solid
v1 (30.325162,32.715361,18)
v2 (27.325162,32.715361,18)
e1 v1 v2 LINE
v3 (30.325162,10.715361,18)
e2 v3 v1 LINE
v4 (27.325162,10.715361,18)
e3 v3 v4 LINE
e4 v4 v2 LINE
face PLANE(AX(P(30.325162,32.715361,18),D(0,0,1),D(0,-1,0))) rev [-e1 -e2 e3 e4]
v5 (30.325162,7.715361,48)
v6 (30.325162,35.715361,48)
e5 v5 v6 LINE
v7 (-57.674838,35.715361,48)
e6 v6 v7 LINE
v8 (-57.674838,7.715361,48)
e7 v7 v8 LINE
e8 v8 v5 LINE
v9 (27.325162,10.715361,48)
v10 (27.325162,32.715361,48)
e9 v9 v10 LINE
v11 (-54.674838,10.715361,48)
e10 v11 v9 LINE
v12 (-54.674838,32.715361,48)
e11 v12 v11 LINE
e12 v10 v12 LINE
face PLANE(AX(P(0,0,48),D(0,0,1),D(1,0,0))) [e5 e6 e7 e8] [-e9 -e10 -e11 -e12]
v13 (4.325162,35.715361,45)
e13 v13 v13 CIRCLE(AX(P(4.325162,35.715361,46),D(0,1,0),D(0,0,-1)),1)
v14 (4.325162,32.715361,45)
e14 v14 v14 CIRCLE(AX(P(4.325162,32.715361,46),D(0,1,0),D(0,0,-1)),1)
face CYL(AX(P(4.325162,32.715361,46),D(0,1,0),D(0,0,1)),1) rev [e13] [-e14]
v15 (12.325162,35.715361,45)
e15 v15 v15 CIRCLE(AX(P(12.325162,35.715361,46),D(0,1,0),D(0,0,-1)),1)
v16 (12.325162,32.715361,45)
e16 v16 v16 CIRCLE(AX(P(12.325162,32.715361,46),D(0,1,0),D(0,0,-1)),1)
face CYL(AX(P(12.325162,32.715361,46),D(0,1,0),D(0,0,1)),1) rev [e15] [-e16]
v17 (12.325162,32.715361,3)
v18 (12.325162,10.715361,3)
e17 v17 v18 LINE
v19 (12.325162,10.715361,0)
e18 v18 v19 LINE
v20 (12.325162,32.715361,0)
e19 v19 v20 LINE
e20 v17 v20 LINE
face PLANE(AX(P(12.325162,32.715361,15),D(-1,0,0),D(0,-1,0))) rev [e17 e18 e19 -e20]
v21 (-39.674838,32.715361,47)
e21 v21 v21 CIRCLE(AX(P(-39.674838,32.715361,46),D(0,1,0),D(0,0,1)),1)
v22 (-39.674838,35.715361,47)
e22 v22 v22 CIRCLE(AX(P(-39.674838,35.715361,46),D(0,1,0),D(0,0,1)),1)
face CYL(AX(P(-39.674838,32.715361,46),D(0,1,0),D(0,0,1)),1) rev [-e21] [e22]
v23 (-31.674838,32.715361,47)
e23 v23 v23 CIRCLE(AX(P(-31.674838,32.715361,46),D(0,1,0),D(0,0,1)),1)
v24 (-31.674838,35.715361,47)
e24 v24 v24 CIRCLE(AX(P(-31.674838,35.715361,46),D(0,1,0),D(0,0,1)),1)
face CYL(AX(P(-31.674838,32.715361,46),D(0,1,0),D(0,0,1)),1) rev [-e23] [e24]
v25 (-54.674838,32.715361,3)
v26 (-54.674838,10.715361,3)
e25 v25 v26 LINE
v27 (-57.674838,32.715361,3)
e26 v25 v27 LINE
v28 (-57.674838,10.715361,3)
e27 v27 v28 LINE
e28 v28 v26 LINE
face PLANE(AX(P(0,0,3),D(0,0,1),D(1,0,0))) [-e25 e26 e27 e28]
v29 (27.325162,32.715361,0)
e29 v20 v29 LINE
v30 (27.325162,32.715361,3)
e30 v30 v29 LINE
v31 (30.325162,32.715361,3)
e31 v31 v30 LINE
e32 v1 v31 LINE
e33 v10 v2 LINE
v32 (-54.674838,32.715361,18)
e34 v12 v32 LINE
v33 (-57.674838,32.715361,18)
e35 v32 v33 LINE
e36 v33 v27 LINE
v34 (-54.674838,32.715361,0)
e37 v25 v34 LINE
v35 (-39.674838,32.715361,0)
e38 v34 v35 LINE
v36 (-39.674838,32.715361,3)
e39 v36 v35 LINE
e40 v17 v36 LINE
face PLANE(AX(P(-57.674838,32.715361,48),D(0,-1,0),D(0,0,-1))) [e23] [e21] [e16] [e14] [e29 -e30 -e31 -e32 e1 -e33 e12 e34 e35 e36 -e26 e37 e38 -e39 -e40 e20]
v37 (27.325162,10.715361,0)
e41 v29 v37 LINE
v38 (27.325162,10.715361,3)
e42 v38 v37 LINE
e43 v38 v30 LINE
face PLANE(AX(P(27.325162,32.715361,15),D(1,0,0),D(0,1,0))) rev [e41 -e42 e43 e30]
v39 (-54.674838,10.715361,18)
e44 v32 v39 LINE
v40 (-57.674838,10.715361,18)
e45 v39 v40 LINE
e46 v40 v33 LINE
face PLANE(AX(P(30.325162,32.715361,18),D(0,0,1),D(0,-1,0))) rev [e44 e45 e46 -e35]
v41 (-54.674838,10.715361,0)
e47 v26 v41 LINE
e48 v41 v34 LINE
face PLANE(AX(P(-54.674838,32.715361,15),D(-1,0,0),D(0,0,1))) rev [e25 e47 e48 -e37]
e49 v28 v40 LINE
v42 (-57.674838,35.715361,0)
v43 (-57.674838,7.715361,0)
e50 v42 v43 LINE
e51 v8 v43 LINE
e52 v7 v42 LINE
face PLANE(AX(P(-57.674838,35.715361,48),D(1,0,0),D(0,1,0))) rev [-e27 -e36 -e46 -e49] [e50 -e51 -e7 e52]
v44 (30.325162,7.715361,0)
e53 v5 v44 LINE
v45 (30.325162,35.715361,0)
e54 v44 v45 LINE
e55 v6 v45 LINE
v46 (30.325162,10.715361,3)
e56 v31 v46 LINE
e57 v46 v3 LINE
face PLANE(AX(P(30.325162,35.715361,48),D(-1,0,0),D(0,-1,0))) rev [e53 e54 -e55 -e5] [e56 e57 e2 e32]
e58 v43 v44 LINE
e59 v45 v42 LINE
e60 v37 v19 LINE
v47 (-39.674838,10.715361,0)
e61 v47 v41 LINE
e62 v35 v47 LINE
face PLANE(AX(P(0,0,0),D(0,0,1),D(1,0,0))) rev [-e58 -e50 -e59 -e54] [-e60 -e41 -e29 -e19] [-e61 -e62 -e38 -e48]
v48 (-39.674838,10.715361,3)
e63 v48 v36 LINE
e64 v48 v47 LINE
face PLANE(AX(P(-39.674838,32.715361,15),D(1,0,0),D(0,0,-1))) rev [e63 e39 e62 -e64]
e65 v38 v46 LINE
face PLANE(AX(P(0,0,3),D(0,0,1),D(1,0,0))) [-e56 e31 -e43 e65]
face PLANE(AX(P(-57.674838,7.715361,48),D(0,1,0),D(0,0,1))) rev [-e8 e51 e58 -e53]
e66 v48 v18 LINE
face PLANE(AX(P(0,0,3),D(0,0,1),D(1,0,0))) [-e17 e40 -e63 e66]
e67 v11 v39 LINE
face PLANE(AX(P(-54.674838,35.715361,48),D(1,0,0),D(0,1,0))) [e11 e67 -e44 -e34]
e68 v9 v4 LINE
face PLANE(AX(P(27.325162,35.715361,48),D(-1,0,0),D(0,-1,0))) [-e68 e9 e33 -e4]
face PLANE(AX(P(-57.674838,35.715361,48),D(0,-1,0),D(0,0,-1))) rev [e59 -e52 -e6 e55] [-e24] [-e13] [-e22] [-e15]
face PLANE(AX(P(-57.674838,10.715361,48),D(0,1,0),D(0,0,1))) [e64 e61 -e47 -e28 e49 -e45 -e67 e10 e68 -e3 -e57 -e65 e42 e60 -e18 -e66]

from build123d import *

# Parameters (mm, degrees)
SKETCH_1_W          = 88
SKETCH_1_H          = 28
EXTRUDE_1_DEPTH     = 48
SHELL_1_T           = -3
SKETCH_2_R          = 1
CUT_EXTRUDE_1_DEPTH = 3
SKETCH_5_W          = 15
SKETCH_5_H          = 22
CUT_EXTRUDE_4_DEPTH = 107.412344412
SKETCH_6_W          = 15
SKETCH_6_H          = 22
CUT_EXTRUDE_5_DEPTH = 15


with BuildPart() as part:
    # 草圖1 → 填料-伸長1 (new body)
    with BuildSketch(Plane.XY):
        with Locations((-13.67483766, 21.715361446)):
            Rectangle(SKETCH_1_W, SKETCH_1_H)
    extrude(amount=EXTRUDE_1_DEPTH)

    # 薄殼1
    shell_1_openings = [part.faces().sort_by_distance(p)[0] for p in [
        (-13.67483766, 21.715361446, 48),
    ]]
    offset(amount=SHELL_1_T, openings=shell_1_openings, kind=Kind.INTERSECTION)

    # 草圖2 → 除料-伸長1 (cut)
    with BuildSketch(Plane(origin=(0, 35.715361446, 0), x_dir=(1, 0, 0), z_dir=(0, 1, 0))):
        with Locations(Location((-31.67483766, -46, 0), (0, 0, 270))):
            Circle(SKETCH_2_R)
        with Locations(Location((-39.67483766, -46, 0), (0, 0, 270))):
            Circle(SKETCH_2_R)
        with Locations(Location((12.32516234, -46, 0), (0, 0, 90))):
            Circle(SKETCH_2_R)
        with Locations(Location((4.32516234, -46, 0), (0, 0, 90))):
            Circle(SKETCH_2_R)
    extrude(amount=-CUT_EXTRUDE_1_DEPTH, mode=Mode.SUBTRACT)

    # 草圖5 → 除料-伸長4 (cut, through all)
    with BuildSketch(Plane.ZY.offset(57.67483766)):
        with Locations((10.5, 21.715361446)):
            Rectangle(SKETCH_5_W, SKETCH_5_H)
    extrude(amount=-CUT_EXTRUDE_4_DEPTH, mode=Mode.SUBTRACT)

    # 草圖6 → 除料-伸長5 (cut)
    with BuildSketch(Plane(origin=(0, 0, 0), x_dir=(-1, 0, 0), z_dir=(0, 0, -1))):
        with Locations((-19.82516234, 21.715361446)):
            Rectangle(SKETCH_6_W, SKETCH_6_H)
        with Locations((47.17483766, 21.715361446)):
            Rectangle(SKETCH_6_W, SKETCH_6_H)
    extrude(amount=-CUT_EXTRUDE_5_DEPTH, mode=Mode.SUBTRACT)


solid = part.part
